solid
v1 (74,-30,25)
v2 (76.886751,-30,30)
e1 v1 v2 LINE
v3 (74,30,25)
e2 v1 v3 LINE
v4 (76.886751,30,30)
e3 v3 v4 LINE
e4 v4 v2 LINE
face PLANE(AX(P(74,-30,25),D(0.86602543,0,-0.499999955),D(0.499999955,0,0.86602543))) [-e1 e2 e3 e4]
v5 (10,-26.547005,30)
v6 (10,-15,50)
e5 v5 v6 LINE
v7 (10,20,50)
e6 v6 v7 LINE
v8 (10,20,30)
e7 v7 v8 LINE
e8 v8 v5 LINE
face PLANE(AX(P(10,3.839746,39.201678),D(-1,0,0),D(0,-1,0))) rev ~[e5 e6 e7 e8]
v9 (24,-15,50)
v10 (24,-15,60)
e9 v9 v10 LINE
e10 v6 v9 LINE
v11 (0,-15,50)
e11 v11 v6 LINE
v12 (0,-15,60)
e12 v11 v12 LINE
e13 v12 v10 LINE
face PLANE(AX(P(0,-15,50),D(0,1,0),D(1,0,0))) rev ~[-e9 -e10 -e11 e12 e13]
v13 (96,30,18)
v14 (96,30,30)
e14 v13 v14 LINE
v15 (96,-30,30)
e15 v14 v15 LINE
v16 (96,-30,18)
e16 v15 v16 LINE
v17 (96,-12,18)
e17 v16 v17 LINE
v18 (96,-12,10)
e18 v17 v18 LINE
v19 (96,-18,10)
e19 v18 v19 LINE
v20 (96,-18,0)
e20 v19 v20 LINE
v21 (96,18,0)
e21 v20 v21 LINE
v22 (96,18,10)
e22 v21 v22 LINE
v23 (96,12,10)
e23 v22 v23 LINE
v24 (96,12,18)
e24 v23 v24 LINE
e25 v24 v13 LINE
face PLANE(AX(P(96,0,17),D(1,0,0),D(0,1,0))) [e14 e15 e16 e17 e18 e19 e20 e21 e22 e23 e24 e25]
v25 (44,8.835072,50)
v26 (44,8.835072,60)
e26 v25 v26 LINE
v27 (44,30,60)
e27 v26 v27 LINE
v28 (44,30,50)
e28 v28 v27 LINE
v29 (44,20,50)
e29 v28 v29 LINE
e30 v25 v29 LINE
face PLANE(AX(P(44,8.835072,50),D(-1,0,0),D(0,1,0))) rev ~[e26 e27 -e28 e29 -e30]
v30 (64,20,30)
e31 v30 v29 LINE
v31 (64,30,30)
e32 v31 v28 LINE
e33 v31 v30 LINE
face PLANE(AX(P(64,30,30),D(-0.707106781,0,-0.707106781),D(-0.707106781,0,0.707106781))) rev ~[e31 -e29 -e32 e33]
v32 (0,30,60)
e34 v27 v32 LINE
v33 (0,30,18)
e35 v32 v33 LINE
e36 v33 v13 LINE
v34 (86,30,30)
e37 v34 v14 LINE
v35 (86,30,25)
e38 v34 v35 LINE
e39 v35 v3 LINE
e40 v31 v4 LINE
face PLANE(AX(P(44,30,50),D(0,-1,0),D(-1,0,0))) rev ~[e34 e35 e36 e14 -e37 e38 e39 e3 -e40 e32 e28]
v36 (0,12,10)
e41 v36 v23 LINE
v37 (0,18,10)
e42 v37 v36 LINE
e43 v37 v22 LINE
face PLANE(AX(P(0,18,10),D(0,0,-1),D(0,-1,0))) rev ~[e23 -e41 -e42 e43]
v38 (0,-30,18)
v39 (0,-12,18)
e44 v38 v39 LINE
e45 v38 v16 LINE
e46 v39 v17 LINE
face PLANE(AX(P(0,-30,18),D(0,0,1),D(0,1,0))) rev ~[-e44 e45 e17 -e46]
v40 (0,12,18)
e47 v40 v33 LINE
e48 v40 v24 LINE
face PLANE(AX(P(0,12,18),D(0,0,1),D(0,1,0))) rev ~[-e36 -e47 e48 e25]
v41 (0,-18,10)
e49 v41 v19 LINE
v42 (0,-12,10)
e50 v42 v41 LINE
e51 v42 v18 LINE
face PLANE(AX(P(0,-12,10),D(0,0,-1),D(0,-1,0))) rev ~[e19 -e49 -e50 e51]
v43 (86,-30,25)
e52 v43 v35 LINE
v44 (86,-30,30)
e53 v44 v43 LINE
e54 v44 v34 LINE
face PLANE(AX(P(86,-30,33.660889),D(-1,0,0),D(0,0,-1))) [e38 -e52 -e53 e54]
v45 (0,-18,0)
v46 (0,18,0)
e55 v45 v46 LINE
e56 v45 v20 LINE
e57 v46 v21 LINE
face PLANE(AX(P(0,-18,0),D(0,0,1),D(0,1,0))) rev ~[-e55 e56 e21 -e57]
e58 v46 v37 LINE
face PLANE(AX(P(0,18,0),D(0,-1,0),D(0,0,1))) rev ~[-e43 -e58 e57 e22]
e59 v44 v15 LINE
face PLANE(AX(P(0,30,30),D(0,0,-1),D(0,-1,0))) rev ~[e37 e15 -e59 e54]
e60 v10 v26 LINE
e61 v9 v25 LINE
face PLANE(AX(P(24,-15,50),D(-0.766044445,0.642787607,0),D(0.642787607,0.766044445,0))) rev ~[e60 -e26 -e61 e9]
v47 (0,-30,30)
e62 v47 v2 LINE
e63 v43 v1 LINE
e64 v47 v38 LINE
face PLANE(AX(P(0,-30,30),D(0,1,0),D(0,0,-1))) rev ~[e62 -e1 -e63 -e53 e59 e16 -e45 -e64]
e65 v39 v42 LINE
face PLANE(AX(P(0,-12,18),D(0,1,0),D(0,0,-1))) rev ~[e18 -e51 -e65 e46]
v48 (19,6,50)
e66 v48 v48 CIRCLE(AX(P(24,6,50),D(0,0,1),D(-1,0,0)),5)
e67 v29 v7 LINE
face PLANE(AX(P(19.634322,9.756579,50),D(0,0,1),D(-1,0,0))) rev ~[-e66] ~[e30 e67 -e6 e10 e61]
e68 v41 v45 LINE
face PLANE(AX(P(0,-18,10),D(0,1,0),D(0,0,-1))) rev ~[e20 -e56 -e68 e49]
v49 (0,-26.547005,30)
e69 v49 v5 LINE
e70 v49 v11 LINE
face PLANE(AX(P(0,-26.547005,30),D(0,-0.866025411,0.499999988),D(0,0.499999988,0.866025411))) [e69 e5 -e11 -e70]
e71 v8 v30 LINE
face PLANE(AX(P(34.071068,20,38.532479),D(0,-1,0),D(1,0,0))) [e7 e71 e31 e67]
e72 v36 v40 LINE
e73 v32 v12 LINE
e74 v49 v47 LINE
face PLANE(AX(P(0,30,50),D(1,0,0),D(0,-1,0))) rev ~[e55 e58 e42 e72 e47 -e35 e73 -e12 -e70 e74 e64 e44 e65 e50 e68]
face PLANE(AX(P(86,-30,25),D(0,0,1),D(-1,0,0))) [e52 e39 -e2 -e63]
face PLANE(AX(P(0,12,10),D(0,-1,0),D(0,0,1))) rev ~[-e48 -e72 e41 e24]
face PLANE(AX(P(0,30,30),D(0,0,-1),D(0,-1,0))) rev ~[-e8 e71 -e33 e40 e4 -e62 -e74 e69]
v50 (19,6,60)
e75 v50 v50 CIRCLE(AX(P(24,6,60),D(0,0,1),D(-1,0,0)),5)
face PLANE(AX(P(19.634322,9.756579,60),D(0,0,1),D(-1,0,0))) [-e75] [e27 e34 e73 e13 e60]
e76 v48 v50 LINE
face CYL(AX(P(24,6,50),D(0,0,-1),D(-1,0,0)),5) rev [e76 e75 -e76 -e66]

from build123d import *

# Parameters (mm, degrees)
PAD001_DEPTH = 10
PAD002_DEPTH = 10
SKETCH004_R  = 5
PAD003_DEPTH = 10
PAD_DEPTH    = 96
POCKET_DEPTH = 60.001


with BuildPart() as pad001:
    # Sketch002 → Pad001 (new body)
    with BuildSketch(Plane.YZ):
        Polygon((30, 30), (-26.547005, 30), (-15, 50), (30, 50), align=None)
    extrude(amount=PAD001_DEPTH)


with BuildPart() as pad003:
    # Sketch003 → Pad002 (new body)
    with BuildSketch(Plane.XZ.offset(-30)):
        Polygon((10, 50), (10, 30), (64, 30), (44, 50), align=None)
    extrude(amount=PAD002_DEPTH)

    # Sketch004 → Pad003 (new body)
    with BuildSketch(Plane(origin=(0, 30, 50), x_dir=(-1, 0, 0), z_dir=(0, 0, 1))):
        Polygon((0, 0), (0, 45), (-24, 45), (-44, 21.164928), (-44, 0), align=None)
        with Locations((-24, 24)):
            Circle(SKETCH004_R, mode=Mode.SUBTRACT)
    extrude(amount=PAD003_DEPTH)


with BuildPart() as fusion:
    # Sketch → Pad (new body)
    with BuildSketch(Plane.YZ):
        Polygon((-18, 0), (18, 0), (18, 10), (12, 10), (12, 18), (30, 18), (30, 30), (-30, 30), (-30, 18), (-12, 18), (-12, 10), (-18, 10), align=None)
    extrude(amount=PAD_DEPTH)

    # Sketch001 → Pocket (cut, through all)
    with BuildSketch(Plane(origin=(0, -30, 0), x_dir=(0, 0, -1), z_dir=(0, -1, 0))):
        Polygon((-33.660889, 86), (-25, 86), (-25, 74), (-33.660889, 79.000366), align=None)
    extrude(amount=-POCKET_DEPTH, mode=Mode.SUBTRACT)

    # Fusion: union Pad001, Pad003
    add(pad001.part)
    add(pad003.part)


solid = fusion.part
